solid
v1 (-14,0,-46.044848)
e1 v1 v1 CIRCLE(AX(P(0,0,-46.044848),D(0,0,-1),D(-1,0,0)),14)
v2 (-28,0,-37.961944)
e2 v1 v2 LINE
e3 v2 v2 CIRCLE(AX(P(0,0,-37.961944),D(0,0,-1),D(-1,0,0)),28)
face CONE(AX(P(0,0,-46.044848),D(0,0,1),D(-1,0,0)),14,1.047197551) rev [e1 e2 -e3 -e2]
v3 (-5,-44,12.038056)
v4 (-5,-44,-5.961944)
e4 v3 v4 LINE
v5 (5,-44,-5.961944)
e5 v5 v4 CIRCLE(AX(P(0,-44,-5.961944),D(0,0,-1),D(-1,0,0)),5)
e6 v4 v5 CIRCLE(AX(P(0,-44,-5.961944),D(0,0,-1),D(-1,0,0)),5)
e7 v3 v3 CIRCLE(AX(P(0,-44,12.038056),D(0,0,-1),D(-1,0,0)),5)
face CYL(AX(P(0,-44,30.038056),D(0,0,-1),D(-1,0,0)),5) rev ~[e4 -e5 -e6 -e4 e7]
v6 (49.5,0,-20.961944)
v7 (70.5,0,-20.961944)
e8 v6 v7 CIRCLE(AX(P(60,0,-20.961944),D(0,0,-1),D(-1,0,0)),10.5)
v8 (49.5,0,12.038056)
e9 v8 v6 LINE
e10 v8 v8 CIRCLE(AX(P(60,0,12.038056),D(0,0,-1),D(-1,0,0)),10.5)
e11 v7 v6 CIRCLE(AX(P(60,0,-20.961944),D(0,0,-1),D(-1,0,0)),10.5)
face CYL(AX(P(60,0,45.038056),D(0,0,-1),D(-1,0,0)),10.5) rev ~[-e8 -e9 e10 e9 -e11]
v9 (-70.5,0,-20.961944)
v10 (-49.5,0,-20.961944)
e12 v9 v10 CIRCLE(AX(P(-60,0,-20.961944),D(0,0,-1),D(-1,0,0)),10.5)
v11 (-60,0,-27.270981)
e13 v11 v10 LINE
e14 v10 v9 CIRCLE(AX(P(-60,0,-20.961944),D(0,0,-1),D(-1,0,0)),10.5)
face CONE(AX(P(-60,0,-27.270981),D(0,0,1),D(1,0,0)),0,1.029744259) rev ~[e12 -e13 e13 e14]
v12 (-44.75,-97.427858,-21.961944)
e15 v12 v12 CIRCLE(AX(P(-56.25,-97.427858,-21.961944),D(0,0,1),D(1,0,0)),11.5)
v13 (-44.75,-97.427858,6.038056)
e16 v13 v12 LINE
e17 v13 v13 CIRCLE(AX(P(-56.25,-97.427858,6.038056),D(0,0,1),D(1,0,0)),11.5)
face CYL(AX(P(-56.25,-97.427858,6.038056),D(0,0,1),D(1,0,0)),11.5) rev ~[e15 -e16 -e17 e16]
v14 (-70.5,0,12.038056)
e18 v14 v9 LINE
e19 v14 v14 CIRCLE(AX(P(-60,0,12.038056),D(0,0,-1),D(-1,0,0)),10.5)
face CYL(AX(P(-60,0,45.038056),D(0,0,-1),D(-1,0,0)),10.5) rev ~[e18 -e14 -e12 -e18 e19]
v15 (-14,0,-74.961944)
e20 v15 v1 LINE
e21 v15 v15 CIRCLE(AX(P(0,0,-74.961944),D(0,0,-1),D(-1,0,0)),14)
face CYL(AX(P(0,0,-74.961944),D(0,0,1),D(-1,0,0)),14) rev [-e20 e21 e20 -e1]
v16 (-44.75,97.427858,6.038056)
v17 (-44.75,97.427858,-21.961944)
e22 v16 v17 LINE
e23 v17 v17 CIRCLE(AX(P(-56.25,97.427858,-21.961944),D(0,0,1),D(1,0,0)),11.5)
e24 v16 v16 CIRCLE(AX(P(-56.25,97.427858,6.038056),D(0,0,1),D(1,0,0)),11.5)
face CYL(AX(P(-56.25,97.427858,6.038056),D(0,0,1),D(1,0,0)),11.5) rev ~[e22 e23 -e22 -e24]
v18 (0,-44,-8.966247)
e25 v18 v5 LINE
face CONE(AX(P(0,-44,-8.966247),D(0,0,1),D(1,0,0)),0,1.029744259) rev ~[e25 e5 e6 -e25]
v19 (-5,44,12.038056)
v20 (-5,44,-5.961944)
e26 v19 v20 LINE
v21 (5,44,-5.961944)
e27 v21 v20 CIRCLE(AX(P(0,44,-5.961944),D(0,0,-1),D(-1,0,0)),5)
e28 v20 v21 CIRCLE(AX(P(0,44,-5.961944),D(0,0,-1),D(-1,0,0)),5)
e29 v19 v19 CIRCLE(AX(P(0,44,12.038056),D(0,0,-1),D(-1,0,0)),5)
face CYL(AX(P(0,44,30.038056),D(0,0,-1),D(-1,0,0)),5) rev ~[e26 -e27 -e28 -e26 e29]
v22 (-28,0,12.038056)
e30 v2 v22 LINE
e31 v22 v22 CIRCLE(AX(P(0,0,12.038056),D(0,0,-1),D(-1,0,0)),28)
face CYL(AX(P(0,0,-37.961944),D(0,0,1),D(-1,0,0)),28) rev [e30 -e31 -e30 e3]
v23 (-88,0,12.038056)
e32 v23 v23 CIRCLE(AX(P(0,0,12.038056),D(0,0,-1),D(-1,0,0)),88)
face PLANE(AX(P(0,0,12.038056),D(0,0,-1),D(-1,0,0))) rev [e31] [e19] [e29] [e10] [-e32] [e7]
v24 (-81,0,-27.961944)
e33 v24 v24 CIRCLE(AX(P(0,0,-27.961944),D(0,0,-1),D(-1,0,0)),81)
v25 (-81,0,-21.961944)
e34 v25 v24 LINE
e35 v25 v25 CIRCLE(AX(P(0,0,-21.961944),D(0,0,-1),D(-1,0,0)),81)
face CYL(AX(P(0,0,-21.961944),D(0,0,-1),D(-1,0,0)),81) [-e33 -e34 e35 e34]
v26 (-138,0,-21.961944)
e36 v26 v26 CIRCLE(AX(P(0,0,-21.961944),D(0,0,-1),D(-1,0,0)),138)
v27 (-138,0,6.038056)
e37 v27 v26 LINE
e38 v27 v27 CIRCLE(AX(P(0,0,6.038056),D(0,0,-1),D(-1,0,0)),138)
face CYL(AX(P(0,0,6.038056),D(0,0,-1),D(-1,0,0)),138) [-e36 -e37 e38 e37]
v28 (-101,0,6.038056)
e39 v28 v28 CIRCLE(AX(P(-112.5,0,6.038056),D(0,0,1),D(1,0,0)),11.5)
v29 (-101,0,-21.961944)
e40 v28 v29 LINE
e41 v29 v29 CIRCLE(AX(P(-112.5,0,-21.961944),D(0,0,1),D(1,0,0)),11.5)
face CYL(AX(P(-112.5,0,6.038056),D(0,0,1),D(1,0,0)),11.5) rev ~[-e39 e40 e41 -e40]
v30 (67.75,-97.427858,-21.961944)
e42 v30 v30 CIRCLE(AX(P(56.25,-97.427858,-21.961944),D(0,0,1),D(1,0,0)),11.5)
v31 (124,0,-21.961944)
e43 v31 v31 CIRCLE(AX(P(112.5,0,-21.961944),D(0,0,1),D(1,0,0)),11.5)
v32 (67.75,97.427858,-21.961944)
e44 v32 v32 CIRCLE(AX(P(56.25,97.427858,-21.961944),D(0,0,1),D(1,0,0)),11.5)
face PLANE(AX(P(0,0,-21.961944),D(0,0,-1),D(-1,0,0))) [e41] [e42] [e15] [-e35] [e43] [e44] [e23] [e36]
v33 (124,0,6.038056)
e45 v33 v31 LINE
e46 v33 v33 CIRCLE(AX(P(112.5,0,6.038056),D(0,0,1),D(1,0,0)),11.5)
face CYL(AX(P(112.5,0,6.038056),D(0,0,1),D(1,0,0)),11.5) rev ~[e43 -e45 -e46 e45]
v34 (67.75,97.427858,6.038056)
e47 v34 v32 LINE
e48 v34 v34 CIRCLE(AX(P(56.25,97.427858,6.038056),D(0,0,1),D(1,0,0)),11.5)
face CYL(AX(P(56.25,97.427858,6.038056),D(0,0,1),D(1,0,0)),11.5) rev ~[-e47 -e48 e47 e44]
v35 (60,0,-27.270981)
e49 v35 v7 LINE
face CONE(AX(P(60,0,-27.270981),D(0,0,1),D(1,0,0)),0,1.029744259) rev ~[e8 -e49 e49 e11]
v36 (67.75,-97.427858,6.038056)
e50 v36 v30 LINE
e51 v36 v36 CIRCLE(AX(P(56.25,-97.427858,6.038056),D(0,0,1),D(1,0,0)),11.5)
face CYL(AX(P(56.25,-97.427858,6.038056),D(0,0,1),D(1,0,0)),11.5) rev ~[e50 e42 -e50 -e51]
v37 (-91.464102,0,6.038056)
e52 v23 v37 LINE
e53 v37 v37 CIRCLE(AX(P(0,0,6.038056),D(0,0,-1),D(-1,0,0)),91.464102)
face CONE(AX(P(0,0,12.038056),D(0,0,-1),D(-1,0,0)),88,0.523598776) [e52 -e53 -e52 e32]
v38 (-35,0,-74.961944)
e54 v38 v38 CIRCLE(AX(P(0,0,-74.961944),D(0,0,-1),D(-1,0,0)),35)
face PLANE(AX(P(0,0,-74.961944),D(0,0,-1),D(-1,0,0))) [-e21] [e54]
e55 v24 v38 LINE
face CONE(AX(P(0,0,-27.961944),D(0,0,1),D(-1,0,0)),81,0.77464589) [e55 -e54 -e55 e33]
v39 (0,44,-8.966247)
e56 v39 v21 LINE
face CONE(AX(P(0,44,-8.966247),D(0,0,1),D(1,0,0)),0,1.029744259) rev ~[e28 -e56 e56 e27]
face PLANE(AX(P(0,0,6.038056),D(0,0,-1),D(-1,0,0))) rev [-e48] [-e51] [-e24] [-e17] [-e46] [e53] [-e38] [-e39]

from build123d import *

# Parameters (mm, degrees)
F2_R     = 11.5
F3_DEPTH = 81.001
F4_DEPTH = 28
F6_D     = 21
F6_DEPTH = 33
F6_TIP   = 6.3090364998
F7_D     = 10
F7_DEPTH = 18
F7_TIP   = 3.0043030951


with BuildPart() as f1:
    # F0 (on Front) → F1 (revolve)
    with BuildSketch(Plane.XZ):
        Polygon((-28, -37.9619441777), (-28, 12.0380558223), (-88, 12.0380558223), (-91.4641016151, 6.0380558223), (-138, 6.0380558223), (-138, -21.9619441777), (-81, -21.9619441777), (-81, -27.9619441777), (-35, -74.9619441777), (-14, -74.9619441777), (-14, -46.0448479464), align=None)
    revolve(axis=Axis((0, 0, -17.8461521864), (0, 0, -1)))

    # F2 (on face) → F3 (cut, through all)
    with BuildSketch(Plane.XY.offset(6.0380558223)):
        with Locations((-112.5, 0)):
            Circle(F2_R)
    extrude(amount=-F3_DEPTH, mode=Mode.SUBTRACT)

    # F2 (on face) → F4 (cut, through all)
    with BuildSketch(Plane.XY.offset(6.0380558223)):
        with Locations((-56.25, 97.4278579257)):
            Circle(F2_R)
        with Locations((56.25, 97.4278579257)):
            Circle(F2_R)
        with Locations((112.5, 0)):
            Circle(F2_R)
        with Locations((56.25, -97.4278579257)):
            Circle(F2_R)
        with Locations((-56.25, -97.4278579257)):
            Circle(F2_R)
    extrude(amount=-F4_DEPTH, mode=Mode.SUBTRACT)

    # F6
    with Locations(Plane.XY.offset(12.0380558223)):
        with Locations((-60, 0), (60, 0)):
            Hole(F6_D / 2, depth=F6_DEPTH)
            with Locations((0, 0, -(F6_DEPTH + F6_TIP / 2))):  # 118° drill point
                Cone(0, F6_D / 2, F6_TIP, mode=Mode.SUBTRACT)

    # F7
    with Locations(Plane.XY.offset(12.0380558223)):
        with Locations((0, 44), (0, -44)):
            Hole(F7_D / 2, depth=F7_DEPTH)
            with Locations((0, 0, -(F7_DEPTH + F7_TIP / 2))):  # 118° drill point
                Cone(0, F7_D / 2, F7_TIP, mode=Mode.SUBTRACT)


solid = f1.part
